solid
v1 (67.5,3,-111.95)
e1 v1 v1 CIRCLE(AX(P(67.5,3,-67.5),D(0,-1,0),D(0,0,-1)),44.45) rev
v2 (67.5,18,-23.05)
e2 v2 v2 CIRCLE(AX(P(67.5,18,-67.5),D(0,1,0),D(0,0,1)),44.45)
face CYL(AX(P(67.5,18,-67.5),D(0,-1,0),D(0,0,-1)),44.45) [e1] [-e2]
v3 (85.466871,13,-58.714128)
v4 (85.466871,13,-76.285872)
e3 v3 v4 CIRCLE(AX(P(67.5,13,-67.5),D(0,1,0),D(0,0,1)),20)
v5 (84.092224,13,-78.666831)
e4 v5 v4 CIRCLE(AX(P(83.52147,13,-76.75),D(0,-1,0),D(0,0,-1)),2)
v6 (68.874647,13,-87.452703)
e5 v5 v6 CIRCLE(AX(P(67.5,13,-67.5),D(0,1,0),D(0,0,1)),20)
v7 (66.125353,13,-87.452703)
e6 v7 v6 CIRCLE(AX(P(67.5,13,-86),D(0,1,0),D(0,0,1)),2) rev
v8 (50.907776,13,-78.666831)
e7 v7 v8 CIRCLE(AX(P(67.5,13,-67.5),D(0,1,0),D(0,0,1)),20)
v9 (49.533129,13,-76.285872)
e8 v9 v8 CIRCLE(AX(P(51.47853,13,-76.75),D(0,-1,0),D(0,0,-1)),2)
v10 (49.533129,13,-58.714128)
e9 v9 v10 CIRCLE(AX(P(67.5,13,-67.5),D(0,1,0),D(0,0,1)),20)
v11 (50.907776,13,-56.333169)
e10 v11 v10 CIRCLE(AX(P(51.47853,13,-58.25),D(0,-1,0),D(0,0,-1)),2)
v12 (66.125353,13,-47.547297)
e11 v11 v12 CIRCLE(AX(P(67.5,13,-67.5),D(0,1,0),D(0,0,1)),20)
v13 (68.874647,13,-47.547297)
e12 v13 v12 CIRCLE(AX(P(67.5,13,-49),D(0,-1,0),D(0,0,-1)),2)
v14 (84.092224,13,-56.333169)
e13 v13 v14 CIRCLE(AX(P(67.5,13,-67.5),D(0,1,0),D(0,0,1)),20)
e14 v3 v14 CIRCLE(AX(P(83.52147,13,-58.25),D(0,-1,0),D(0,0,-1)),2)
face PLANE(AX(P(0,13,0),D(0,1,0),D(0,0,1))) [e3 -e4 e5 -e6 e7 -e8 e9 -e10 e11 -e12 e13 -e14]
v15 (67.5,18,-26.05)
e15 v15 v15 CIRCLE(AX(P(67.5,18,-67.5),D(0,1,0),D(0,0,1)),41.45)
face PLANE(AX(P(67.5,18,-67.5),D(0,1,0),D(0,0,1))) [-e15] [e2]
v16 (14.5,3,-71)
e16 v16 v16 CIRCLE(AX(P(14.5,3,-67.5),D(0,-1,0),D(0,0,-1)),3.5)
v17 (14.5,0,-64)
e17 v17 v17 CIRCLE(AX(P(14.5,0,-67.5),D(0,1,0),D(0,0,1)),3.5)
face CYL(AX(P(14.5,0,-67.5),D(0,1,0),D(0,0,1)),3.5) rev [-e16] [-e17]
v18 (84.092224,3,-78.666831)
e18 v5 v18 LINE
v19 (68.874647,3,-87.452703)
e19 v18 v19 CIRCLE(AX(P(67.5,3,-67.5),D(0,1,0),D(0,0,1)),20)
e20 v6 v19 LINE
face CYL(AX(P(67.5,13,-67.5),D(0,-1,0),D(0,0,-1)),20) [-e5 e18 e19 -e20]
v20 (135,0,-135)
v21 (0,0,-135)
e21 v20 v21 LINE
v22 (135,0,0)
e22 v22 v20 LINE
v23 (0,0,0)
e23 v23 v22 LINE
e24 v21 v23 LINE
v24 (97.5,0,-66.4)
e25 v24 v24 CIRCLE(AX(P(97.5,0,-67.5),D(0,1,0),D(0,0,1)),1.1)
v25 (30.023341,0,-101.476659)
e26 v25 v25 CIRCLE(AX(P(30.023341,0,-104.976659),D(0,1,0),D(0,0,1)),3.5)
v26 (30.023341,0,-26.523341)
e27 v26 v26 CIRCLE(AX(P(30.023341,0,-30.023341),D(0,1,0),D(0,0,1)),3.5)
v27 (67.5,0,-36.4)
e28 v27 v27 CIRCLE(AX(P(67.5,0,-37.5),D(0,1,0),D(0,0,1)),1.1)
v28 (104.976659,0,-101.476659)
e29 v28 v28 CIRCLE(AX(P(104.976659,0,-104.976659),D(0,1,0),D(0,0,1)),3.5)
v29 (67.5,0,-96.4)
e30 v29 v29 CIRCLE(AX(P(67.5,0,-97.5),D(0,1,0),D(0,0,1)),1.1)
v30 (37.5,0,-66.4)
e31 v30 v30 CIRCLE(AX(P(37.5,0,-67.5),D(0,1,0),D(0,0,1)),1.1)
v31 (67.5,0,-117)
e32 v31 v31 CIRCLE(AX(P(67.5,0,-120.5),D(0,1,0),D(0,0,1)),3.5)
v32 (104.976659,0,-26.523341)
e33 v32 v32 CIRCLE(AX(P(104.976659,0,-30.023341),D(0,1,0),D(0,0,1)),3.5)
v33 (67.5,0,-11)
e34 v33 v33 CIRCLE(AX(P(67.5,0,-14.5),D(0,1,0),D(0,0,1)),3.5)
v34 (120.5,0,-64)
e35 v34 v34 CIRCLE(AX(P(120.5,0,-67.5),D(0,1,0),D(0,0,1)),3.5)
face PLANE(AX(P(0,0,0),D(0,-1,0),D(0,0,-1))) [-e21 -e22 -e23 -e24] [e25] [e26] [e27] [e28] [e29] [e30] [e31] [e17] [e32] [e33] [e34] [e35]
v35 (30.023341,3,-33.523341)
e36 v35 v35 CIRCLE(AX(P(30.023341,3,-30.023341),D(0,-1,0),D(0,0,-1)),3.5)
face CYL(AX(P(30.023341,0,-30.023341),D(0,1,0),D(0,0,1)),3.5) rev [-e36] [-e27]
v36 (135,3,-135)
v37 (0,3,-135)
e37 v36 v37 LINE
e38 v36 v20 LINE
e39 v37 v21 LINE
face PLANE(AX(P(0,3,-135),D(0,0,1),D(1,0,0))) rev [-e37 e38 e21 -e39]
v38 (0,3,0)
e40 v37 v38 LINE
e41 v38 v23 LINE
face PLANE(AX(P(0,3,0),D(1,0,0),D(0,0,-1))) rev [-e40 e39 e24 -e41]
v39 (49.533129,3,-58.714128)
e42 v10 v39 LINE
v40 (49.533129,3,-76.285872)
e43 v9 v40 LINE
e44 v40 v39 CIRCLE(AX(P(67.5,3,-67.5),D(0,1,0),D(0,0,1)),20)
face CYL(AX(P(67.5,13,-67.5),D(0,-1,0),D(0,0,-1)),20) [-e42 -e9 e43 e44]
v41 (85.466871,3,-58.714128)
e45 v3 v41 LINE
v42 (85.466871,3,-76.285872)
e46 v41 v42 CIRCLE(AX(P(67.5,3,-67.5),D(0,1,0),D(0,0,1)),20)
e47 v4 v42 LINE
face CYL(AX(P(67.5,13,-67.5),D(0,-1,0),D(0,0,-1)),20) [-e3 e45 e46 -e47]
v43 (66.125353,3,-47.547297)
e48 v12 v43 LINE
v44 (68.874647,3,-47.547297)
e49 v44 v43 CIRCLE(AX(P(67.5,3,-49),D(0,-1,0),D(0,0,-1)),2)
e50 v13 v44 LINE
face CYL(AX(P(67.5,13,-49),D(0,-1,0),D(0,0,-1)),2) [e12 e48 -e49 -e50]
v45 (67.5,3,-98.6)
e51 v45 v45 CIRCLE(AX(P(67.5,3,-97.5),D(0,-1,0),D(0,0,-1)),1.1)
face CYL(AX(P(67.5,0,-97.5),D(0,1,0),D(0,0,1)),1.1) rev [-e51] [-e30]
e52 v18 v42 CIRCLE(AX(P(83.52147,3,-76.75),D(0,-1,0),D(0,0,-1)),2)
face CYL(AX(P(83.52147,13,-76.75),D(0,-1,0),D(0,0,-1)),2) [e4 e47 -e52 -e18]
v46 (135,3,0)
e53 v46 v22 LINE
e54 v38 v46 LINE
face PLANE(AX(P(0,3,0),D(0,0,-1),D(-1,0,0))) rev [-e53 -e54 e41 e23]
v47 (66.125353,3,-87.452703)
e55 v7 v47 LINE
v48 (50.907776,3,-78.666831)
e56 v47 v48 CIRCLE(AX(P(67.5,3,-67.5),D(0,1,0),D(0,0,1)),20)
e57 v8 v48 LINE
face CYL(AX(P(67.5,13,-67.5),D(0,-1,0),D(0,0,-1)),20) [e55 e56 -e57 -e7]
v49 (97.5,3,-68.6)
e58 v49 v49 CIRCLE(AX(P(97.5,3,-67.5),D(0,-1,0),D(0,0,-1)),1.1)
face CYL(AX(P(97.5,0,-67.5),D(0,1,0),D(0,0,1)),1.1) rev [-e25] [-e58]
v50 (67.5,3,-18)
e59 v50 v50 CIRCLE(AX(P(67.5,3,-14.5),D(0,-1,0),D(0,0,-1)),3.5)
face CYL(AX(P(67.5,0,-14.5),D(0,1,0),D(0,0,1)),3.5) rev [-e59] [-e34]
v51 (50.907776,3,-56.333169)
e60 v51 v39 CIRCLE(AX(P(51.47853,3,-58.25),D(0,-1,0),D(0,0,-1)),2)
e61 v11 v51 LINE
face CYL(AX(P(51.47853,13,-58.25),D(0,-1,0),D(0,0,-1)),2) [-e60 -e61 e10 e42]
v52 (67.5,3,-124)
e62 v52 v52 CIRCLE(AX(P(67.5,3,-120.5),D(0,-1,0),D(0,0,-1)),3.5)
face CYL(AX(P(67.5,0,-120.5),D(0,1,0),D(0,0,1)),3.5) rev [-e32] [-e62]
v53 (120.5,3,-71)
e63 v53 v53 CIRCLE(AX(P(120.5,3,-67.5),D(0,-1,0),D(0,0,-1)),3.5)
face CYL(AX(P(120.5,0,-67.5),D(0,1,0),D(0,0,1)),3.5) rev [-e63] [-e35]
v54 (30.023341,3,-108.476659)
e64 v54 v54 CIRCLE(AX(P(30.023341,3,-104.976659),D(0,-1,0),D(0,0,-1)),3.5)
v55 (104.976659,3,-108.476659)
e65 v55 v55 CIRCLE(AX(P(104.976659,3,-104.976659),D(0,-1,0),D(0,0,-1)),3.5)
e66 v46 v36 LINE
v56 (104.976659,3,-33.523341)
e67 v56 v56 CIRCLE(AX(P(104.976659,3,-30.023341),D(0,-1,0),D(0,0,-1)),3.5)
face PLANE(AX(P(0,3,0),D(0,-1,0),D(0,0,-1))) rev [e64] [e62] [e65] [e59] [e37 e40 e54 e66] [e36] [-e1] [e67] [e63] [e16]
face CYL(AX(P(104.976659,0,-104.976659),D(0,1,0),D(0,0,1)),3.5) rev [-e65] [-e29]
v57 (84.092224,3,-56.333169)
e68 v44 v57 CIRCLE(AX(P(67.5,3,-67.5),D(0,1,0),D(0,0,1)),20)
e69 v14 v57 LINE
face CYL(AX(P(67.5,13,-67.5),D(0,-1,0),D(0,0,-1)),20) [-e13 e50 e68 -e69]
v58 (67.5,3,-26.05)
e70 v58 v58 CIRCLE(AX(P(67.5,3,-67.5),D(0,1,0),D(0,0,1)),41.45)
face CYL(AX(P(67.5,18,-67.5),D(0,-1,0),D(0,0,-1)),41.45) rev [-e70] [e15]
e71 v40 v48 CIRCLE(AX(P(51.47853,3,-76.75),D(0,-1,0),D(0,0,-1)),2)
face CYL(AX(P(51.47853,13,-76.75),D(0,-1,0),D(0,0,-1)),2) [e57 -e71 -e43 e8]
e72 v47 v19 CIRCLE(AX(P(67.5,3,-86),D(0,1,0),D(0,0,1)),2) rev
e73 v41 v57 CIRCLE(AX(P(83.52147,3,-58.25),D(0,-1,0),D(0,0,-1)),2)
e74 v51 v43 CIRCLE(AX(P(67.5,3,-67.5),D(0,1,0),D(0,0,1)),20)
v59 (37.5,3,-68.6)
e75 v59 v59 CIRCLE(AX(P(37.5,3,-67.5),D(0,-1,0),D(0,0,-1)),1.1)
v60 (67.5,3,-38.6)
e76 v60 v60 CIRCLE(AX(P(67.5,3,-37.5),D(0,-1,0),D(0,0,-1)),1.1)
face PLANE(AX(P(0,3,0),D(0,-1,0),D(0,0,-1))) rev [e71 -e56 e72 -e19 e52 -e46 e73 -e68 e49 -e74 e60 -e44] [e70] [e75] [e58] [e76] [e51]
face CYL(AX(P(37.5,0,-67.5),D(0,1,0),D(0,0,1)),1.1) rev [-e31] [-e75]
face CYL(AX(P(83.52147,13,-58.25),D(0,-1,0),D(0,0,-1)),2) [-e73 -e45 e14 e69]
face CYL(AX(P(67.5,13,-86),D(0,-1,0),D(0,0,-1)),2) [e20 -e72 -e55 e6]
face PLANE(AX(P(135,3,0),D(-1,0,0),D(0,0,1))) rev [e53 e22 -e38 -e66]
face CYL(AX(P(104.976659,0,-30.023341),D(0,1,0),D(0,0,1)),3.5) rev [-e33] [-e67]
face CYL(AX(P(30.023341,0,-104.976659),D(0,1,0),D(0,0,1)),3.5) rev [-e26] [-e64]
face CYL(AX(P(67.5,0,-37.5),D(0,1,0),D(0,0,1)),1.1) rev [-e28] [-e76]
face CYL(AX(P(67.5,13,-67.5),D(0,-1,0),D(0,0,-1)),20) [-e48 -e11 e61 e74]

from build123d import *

# Parameters (mm, degrees)
SKETCH1_W               = 135
SKETCH1_H               = 135
BOSS_EXTRUDE1_DEPTH     = 3
BOSS_EXTRUDE2_DEPTH     = 10
SKETCH3_R               = 44.45
SKETCH3_R_2             = 41.45
BOSS_EXTRUDE3_DEPTH     = 15
CUT_EXTRUDE1_DEPTH      = 192.507180022
CUT_EXTRUDE1_DEPTH_BACK = 192.507180022
SKETCH4_R               = 1.1
CUT_EXTRUDE2_DEPTH      = 192.507180022
CUT_EXTRUDE2_DEPTH_BACK = 192.507180022
SKETCH5_R               = 3.5


with BuildPart() as part:
    # Sketch1 → Boss-Extrude1 (new body)
    with BuildSketch(Plane(origin=(0, 0, 0), x_dir=(1, 0, 0), z_dir=(0, 1, 0))):
        with Locations((67.5, 67.5)):
            Rectangle(SKETCH1_W, SKETCH1_H)
    extrude(amount=BOSS_EXTRUDE1_DEPTH)

    # Sketch2 → Boss-Extrude2 (add)
    with BuildSketch(Plane(origin=(0, 3, 0), x_dir=(1, 0, 0), z_dir=(0, 1, 0))):
        with BuildLine():
            ThreePointArc((50.907776173, 56.333169273), (52.06098052, 54.786358606), (53.357864376, 53.357864376))
            Line((53.357864376, 53.357864376), (81.642135624, 81.642135624))
            ThreePointArc((81.642135624, 81.642135624), (75.784522289, 85.703480174), (68.874647176, 87.452702703))
            ThreePointArc((68.874647176, 87.452702703), (67.5, 87.5), (66.125352824, 87.452702703))
            ThreePointArc((66.125352824, 87.452702703), (57.5, 84.820508076), (50.907776173, 78.666830727))
            ThreePointArc((50.907776173, 78.666830727), (50.179491924, 77.5), (49.533128997, 76.285871976))
            ThreePointArc((49.533128997, 76.285871976), (47.5, 67.5), (49.533128997, 58.714128024))
            ThreePointArc((49.533128997, 58.714128024), (50.179491924, 57.5), (50.907776173, 56.333169273))
        make_face()
        with BuildLine():
            Line((81.642135624, 81.642135624), (53.357864376, 53.357864376))
            ThreePointArc((53.357864376, 53.357864376), (59.215477711, 49.296519826), (66.125352824, 47.547297297))
            ThreePointArc((66.125352824, 47.547297297), (67.5, 47.5), (68.874647176, 47.547297297))
            ThreePointArc((68.874647176, 47.547297297), (77.5, 50.179491924), (84.092223827, 56.333169273))
            ThreePointArc((84.092223827, 56.333169273), (84.820508076, 57.5), (85.466871003, 58.714128024))
            ThreePointArc((85.466871003, 58.714128024), (86.985089428, 62.990976827), (87.5, 67.5))
            ThreePointArc((87.5, 67.5), (86.985089428, 72.009023173), (85.466871003, 76.285871976))
            ThreePointArc((85.466871003, 76.285871976), (84.820508076, 77.5), (84.092223827, 78.666830727))
            ThreePointArc((84.092223827, 78.666830727), (82.93901948, 80.213641394), (81.642135624, 81.642135624))
        make_face()
        with BuildLine():
            ThreePointArc((66.125352824, 87.452702703), (67.5, 87.5), (68.874647176, 87.452702703))
            ThreePointArc((68.874647176, 87.452702703), (67.5, 88), (66.125352824, 87.452702703))
        make_face()
        with BuildLine():
            ThreePointArc((68.874647176, 47.547297297), (67.5, 47), (66.125352824, 47.547297297))
            ThreePointArc((66.125352824, 47.547297297), (67.5, 47.5), (68.874647176, 47.547297297))
        make_face()
        with BuildLine():
            ThreePointArc((50.907776173, 56.333169273), (49.746479222, 57.25), (49.533128997, 58.714128024))
            ThreePointArc((49.533128997, 58.714128024), (50.179491924, 57.5), (50.907776173, 56.333169273))
        make_face()
        with BuildLine():
            ThreePointArc((85.466871003, 58.714128024), (85.253520778, 57.25), (84.092223827, 56.333169273))
            ThreePointArc((84.092223827, 56.333169273), (84.820508076, 57.5), (85.466871003, 58.714128024))
        make_face()
        with BuildLine():
            ThreePointArc((84.092223827, 78.666830727), (85.253520778, 77.75), (85.466871003, 76.285871976))
            ThreePointArc((85.466871003, 76.285871976), (84.820508076, 77.5), (84.092223827, 78.666830727))
        make_face()
        with BuildLine():
            ThreePointArc((49.533128997, 76.285871976), (49.746479222, 77.75), (50.907776173, 78.666830727))
            ThreePointArc((50.907776173, 78.666830727), (50.179491924, 77.5), (49.533128997, 76.285871976))
        make_face()
    extrude(amount=BOSS_EXTRUDE2_DEPTH)

    # Sketch3 → Boss-Extrude3 (add)
    with BuildSketch(Plane(origin=(0, 3, 0), x_dir=(1, 0, 0), z_dir=(0, 1, 0))):
        with Locations(Location((67.5, 67.5, 0), (0, 0, 90))):
            Circle(SKETCH3_R)
        with Locations(Location((67.5, 67.5, 0), (0, 0, 270))):
            Circle(SKETCH3_R_2, mode=Mode.SUBTRACT)
    extrude(amount=BOSS_EXTRUDE3_DEPTH)

    # Sketch4 → Cut-Extrude1 (cut, two sides: drawn at the far end of the back side and taken through both)
    with BuildSketch(Plane(origin=(0, 3, 0), x_dir=(1, 0, 0), z_dir=(0, 1, 0)).offset(-CUT_EXTRUDE1_DEPTH_BACK)):
        with Locations(Location((67.5, 97.5, 0), (0, 0, 270))):
            Circle(SKETCH4_R)
        with Locations(Location((97.5, 67.5, 0), (0, 0, 270))):
            Circle(SKETCH4_R)
        with Locations(Location((67.5, 37.5, 0), (0, 0, 270))):
            Circle(SKETCH4_R)
        with Locations(Location((37.5, 67.5, 0), (0, 0, 270))):
            Circle(SKETCH4_R)
    extrude(amount=CUT_EXTRUDE1_DEPTH + CUT_EXTRUDE1_DEPTH_BACK, mode=Mode.SUBTRACT)

    # Sketch5 → Cut-Extrude2 (cut, two sides: drawn at the far end of the back side and taken through both)
    with BuildSketch(Plane(origin=(0, 3, 0), x_dir=(1, 0, 0), z_dir=(0, 1, 0)).offset(-CUT_EXTRUDE2_DEPTH_BACK)):
        with Locations(Location((67.5, 120.5, 0), (0, 0, 270))):
            Circle(SKETCH5_R)
        with Locations(Location((104.976659403, 104.976659403, 0), (0, 0, 270))):
            Circle(SKETCH5_R)
        with Locations(Location((120.5, 67.5, 0), (0, 0, 270))):
            Circle(SKETCH5_R)
        with Locations(Location((104.976659403, 30.023340597, 0), (0, 0, 270))):
            Circle(SKETCH5_R)
        with Locations(Location((67.5, 14.5, 0), (0, 0, 270))):
            Circle(SKETCH5_R)
        with Locations(Location((30.023340597, 30.023340597, 0), (0, 0, 270))):
            Circle(SKETCH5_R)
        with Locations(Location((14.5, 67.5, 0), (0, 0, 270))):
            Circle(SKETCH5_R)
        with Locations(Location((30.023340597, 104.976659403, 0), (0, 0, 270))):
            Circle(SKETCH5_R)
    extrude(amount=CUT_EXTRUDE2_DEPTH + CUT_EXTRUDE2_DEPTH_BACK, mode=Mode.SUBTRACT)


solid = part.part
